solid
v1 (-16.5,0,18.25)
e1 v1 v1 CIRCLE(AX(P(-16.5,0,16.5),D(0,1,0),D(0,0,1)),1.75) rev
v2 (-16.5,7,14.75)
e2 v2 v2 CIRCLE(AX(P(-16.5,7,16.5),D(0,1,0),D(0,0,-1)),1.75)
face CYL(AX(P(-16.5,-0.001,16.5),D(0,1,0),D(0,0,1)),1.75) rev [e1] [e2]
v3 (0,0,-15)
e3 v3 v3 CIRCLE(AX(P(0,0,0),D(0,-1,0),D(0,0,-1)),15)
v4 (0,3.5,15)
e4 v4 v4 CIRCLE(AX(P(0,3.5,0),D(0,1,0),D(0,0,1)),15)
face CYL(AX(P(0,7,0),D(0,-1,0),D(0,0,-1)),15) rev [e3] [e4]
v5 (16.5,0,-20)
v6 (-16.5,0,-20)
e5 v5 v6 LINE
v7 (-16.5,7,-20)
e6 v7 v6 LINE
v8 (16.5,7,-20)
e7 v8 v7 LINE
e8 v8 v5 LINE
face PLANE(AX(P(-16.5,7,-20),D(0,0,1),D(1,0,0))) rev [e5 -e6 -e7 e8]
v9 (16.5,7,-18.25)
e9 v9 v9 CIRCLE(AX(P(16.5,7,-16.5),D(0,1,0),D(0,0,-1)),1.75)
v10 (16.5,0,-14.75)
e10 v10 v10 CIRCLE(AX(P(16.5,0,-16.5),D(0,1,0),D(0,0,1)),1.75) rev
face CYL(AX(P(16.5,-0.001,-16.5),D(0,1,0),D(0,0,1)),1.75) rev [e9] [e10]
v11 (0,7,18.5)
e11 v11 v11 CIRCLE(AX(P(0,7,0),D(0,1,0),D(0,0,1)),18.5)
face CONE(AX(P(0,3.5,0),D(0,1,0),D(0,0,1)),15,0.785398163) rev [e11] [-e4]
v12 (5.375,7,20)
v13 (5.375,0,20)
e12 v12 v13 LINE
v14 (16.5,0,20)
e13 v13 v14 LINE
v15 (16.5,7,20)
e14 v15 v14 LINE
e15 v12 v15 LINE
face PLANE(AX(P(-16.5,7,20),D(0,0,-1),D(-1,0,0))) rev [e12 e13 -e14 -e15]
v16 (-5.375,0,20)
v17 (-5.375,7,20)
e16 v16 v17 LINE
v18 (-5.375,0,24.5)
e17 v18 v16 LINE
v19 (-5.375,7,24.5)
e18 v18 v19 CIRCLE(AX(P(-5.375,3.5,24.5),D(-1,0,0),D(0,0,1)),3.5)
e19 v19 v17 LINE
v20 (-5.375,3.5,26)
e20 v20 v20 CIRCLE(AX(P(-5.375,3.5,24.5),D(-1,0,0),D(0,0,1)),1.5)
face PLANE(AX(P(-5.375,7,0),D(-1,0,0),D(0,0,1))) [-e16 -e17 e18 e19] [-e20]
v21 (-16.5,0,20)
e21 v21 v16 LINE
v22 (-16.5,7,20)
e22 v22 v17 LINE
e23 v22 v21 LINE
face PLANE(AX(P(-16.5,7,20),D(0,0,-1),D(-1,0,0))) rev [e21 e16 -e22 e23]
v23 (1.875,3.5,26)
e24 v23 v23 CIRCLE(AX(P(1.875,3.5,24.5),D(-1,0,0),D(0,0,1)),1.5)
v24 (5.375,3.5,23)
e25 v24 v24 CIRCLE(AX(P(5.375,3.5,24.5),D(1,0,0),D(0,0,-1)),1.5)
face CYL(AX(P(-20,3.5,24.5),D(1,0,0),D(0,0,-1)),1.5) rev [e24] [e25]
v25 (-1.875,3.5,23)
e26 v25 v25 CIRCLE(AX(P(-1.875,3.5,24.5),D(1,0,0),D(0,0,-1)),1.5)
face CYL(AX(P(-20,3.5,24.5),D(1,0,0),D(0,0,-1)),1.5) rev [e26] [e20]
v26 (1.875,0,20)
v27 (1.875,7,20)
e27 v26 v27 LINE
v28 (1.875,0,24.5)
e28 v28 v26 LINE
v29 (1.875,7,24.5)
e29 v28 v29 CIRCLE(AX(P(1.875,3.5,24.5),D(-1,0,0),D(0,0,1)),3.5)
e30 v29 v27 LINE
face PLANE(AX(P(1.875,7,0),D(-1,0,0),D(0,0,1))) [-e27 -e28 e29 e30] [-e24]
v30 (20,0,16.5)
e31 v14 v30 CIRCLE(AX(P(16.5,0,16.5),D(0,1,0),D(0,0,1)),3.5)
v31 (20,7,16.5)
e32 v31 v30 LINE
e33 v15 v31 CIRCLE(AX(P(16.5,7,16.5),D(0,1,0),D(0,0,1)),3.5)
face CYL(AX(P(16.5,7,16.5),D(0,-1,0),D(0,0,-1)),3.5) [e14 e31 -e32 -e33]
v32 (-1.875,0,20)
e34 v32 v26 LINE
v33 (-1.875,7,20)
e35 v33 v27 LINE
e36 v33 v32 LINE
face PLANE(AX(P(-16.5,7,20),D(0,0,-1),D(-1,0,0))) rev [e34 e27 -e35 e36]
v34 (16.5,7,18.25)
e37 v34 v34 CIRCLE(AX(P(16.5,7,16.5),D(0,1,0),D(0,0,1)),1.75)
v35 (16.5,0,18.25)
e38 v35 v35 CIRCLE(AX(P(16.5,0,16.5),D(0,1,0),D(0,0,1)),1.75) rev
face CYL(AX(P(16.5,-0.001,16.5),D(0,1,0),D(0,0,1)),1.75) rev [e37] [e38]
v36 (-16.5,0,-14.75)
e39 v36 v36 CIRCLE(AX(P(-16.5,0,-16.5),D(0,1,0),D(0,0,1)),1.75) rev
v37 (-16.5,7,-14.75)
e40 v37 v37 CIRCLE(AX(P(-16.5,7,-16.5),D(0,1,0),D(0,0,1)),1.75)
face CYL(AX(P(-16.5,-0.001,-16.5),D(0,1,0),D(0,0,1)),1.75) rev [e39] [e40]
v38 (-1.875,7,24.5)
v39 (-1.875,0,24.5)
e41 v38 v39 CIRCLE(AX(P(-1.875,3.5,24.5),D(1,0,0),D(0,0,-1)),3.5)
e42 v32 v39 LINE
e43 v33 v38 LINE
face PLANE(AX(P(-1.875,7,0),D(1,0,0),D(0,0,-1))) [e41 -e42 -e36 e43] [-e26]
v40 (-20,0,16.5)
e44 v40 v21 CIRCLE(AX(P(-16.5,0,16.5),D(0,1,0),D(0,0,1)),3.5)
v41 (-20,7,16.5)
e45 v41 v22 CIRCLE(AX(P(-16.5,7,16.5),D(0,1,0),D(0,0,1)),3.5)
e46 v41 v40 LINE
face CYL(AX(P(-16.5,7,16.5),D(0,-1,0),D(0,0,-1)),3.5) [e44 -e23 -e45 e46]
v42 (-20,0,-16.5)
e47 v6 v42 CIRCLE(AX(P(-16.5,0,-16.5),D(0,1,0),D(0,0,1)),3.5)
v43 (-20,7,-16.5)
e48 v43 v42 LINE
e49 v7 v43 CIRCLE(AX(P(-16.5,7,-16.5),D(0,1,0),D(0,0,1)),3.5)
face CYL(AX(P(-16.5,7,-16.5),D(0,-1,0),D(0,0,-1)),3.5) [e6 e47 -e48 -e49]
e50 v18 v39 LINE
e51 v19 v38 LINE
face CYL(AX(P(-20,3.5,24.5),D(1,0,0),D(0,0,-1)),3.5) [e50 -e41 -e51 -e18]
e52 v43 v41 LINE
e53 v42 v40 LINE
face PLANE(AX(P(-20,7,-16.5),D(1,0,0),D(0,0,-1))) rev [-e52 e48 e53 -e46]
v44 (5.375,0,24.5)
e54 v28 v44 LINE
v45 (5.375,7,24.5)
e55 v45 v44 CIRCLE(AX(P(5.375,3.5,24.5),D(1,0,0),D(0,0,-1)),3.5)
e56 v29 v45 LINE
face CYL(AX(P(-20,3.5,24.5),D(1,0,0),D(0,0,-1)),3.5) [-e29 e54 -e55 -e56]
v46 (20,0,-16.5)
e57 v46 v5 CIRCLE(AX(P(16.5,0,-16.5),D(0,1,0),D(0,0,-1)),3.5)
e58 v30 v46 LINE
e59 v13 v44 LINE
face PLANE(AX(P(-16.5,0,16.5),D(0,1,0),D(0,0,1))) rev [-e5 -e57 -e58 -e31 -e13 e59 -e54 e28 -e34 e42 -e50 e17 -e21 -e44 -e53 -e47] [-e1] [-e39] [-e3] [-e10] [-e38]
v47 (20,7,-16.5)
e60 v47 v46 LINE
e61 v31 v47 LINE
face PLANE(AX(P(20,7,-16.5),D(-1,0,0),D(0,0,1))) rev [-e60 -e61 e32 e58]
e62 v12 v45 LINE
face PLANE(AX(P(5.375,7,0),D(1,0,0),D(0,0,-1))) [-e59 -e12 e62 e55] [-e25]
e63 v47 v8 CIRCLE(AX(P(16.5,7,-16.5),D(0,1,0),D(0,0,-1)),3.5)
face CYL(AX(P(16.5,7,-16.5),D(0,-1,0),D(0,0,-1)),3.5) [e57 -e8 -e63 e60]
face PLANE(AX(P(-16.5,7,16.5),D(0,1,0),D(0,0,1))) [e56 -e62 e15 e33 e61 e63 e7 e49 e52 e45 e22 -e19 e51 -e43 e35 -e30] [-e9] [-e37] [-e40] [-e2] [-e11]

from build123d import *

# Parameters (mm, degrees)
BOSS_EXTRUDE1_DEPTH = 7
CUT_EXTRUDE2_REACH  = 31.138
SKETCH3_R           = 1.75
SKETCH7_W           = 3.5
SKETCH7_H           = 28
BOSS_EXTRUDE2_DEPTH = 7
CUT_EXTRUDE3_DEPTH  = 39.430334698
SKETCH9_R           = 1.5
CUT_EXTRUDE4_DEPTH  = 39.430334698
SKETCH13_R          = 15
CUT_EXTRUDE5_DEPTH  = 36.114099732


with BuildPart() as part:
    # Sketch1 → Boss-Extrude1 (new body)
    with BuildSketch(Plane(origin=(0, 0, 0), x_dir=(1, 0, 0), z_dir=(0, 1, 0))):
        with BuildLine():
            Line((-16.5, 20), (16.5, 20))
            ThreePointArc((16.5, 20), (18.974873734, 18.974873734), (20, 16.5))
            Line((20, 16.5), (20, -16.5))
            ThreePointArc((20, -16.5), (18.974873734, -18.974873734), (16.5, -20))
            Line((16.5, -20), (-16.5, -20))
            ThreePointArc((-16.5, -20), (-18.974873734, -18.974873734), (-20, -16.5))
            Line((-20, -16.5), (-20, 16.5))
            ThreePointArc((-20, 16.5), (-18.974873734, 18.974873734), (-16.5, 20))
        make_face()
    extrude(amount=BOSS_EXTRUDE1_DEPTH)

    # Sketch3 → Cut-Extrude2 (cut, up to next)
    with BuildSketch(Plane(origin=(0, 7, 0), x_dir=(1, 0, 0), z_dir=(0, 1, 0)), mode=Mode.PRIVATE) as cut_extrude2_sk1:
        with Locations(Location((-16.5, 16.5, 0), (0, 0, 270))):
            Circle(SKETCH3_R)
    cut_extrude2_tool1 = extrude(cut_extrude2_sk1.sketch, amount=-CUT_EXTRUDE2_REACH, mode=Mode.PRIVATE) & part.part
    # Sketch3 → Cut-Extrude2 (cut, up to next)
    with BuildSketch(Plane(origin=(0, 7, 0), x_dir=(1, 0, 0), z_dir=(0, 1, 0)), mode=Mode.PRIVATE) as cut_extrude2_sk2:
        with Locations(Location((16.5, 16.5, 0), (0, 0, 270))):
            Circle(SKETCH3_R)
    cut_extrude2_tool2 = extrude(cut_extrude2_sk2.sketch, amount=-CUT_EXTRUDE2_REACH, mode=Mode.PRIVATE) & part.part
    # Sketch3 → Cut-Extrude2 (cut, up to next)
    with BuildSketch(Plane(origin=(0, 7, 0), x_dir=(1, 0, 0), z_dir=(0, 1, 0)), mode=Mode.PRIVATE) as cut_extrude2_sk3:
        with Locations(Location((16.5, -16.5, 0), (0, 0, 270))):
            Circle(SKETCH3_R)
    cut_extrude2_tool3 = extrude(cut_extrude2_sk3.sketch, amount=-CUT_EXTRUDE2_REACH, mode=Mode.PRIVATE) & part.part
    # Sketch3 → Cut-Extrude2 (cut, up to next)
    with BuildSketch(Plane(origin=(0, 7, 0), x_dir=(1, 0, 0), z_dir=(0, 1, 0)), mode=Mode.PRIVATE) as cut_extrude2_sk4:
        with Locations(Location((-16.5, -16.5, 0), (0, 0, 270))):
            Circle(SKETCH3_R)
    cut_extrude2_tool4 = extrude(cut_extrude2_sk4.sketch, amount=-CUT_EXTRUDE2_REACH, mode=Mode.PRIVATE) & part.part
    add(cut_extrude2_tool1.solids().sort_by_distance((-16.5, 7, -16.5))[0], mode=Mode.SUBTRACT)
    add(cut_extrude2_tool2.solids().sort_by_distance((16.5, 7, -16.5))[0], mode=Mode.SUBTRACT)
    add(cut_extrude2_tool3.solids().sort_by_distance((16.5, 7, 16.5))[0], mode=Mode.SUBTRACT)
    add(cut_extrude2_tool4.solids().sort_by_distance((-16.5, 7, 16.5))[0], mode=Mode.SUBTRACT)

    # Sketch7 → Boss-Extrude2 (add)
    with BuildSketch(Plane.XZ):
        with Locations((3.625, 14)):
            Rectangle(SKETCH7_W, SKETCH7_H)
        with Locations((-3.625, 14)):
            Rectangle(SKETCH7_W, SKETCH7_H)
    extrude(amount=-BOSS_EXTRUDE2_DEPTH)

    # Sketch8 → Cut-Extrude3 (cut, through all)
    with BuildSketch(Plane(origin=(5.375, 0, 0), x_dir=(0, 0, -1), z_dir=(1, 0, 0))):
        with BuildLine():
            ThreePointArc((-28, 3.5), (-26.974873734, 5.974873734), (-24.5, 7))
            Line((-24.5, 7), (-28, 7))
            Line((-28, 7), (-28, 3.5))
        make_face()
        with BuildLine():
            ThreePointArc((-24.5, 0), (-26.974873734, 1.025126266), (-28, 3.5))
            Line((-28, 3.5), (-28, 0))
            Line((-28, 0), (-24.5, 0))
        make_face()
    extrude(amount=-CUT_EXTRUDE3_DEPTH, mode=Mode.SUBTRACT)

    # Sketch9 → Cut-Extrude4 (cut, through all)
    with BuildSketch(Plane(origin=(5.375, 0, 0), x_dir=(0, 0, -1), z_dir=(1, 0, 0))):
        with Locations((-24.5, 3.5)):
            Circle(SKETCH9_R)
    extrude(amount=-CUT_EXTRUDE4_DEPTH, mode=Mode.SUBTRACT)

    # Sketch13 → Cut-Extrude5 (cut, through all)
    with BuildSketch(Plane.XZ):
        with Locations(Location((0, 0, 0), (0, 0, 270))):
            Circle(SKETCH13_R)
    extrude(amount=-CUT_EXTRUDE5_DEPTH, mode=Mode.SUBTRACT)

    # Sketch14 → Cut-Revolve1 (revolve, cut)
    with BuildSketch(Plane(origin=(0, 0, 0), x_dir=(0, 0, -1), z_dir=(1, 0, 0))):
        Polygon((0, 0), (0, 7), (18.5, 7), (15, 3.5), (15, 0), align=None)
    revolve(axis=Axis((0, 7, 0), (0, -1, 0)), mode=Mode.SUBTRACT)


solid = part.part
